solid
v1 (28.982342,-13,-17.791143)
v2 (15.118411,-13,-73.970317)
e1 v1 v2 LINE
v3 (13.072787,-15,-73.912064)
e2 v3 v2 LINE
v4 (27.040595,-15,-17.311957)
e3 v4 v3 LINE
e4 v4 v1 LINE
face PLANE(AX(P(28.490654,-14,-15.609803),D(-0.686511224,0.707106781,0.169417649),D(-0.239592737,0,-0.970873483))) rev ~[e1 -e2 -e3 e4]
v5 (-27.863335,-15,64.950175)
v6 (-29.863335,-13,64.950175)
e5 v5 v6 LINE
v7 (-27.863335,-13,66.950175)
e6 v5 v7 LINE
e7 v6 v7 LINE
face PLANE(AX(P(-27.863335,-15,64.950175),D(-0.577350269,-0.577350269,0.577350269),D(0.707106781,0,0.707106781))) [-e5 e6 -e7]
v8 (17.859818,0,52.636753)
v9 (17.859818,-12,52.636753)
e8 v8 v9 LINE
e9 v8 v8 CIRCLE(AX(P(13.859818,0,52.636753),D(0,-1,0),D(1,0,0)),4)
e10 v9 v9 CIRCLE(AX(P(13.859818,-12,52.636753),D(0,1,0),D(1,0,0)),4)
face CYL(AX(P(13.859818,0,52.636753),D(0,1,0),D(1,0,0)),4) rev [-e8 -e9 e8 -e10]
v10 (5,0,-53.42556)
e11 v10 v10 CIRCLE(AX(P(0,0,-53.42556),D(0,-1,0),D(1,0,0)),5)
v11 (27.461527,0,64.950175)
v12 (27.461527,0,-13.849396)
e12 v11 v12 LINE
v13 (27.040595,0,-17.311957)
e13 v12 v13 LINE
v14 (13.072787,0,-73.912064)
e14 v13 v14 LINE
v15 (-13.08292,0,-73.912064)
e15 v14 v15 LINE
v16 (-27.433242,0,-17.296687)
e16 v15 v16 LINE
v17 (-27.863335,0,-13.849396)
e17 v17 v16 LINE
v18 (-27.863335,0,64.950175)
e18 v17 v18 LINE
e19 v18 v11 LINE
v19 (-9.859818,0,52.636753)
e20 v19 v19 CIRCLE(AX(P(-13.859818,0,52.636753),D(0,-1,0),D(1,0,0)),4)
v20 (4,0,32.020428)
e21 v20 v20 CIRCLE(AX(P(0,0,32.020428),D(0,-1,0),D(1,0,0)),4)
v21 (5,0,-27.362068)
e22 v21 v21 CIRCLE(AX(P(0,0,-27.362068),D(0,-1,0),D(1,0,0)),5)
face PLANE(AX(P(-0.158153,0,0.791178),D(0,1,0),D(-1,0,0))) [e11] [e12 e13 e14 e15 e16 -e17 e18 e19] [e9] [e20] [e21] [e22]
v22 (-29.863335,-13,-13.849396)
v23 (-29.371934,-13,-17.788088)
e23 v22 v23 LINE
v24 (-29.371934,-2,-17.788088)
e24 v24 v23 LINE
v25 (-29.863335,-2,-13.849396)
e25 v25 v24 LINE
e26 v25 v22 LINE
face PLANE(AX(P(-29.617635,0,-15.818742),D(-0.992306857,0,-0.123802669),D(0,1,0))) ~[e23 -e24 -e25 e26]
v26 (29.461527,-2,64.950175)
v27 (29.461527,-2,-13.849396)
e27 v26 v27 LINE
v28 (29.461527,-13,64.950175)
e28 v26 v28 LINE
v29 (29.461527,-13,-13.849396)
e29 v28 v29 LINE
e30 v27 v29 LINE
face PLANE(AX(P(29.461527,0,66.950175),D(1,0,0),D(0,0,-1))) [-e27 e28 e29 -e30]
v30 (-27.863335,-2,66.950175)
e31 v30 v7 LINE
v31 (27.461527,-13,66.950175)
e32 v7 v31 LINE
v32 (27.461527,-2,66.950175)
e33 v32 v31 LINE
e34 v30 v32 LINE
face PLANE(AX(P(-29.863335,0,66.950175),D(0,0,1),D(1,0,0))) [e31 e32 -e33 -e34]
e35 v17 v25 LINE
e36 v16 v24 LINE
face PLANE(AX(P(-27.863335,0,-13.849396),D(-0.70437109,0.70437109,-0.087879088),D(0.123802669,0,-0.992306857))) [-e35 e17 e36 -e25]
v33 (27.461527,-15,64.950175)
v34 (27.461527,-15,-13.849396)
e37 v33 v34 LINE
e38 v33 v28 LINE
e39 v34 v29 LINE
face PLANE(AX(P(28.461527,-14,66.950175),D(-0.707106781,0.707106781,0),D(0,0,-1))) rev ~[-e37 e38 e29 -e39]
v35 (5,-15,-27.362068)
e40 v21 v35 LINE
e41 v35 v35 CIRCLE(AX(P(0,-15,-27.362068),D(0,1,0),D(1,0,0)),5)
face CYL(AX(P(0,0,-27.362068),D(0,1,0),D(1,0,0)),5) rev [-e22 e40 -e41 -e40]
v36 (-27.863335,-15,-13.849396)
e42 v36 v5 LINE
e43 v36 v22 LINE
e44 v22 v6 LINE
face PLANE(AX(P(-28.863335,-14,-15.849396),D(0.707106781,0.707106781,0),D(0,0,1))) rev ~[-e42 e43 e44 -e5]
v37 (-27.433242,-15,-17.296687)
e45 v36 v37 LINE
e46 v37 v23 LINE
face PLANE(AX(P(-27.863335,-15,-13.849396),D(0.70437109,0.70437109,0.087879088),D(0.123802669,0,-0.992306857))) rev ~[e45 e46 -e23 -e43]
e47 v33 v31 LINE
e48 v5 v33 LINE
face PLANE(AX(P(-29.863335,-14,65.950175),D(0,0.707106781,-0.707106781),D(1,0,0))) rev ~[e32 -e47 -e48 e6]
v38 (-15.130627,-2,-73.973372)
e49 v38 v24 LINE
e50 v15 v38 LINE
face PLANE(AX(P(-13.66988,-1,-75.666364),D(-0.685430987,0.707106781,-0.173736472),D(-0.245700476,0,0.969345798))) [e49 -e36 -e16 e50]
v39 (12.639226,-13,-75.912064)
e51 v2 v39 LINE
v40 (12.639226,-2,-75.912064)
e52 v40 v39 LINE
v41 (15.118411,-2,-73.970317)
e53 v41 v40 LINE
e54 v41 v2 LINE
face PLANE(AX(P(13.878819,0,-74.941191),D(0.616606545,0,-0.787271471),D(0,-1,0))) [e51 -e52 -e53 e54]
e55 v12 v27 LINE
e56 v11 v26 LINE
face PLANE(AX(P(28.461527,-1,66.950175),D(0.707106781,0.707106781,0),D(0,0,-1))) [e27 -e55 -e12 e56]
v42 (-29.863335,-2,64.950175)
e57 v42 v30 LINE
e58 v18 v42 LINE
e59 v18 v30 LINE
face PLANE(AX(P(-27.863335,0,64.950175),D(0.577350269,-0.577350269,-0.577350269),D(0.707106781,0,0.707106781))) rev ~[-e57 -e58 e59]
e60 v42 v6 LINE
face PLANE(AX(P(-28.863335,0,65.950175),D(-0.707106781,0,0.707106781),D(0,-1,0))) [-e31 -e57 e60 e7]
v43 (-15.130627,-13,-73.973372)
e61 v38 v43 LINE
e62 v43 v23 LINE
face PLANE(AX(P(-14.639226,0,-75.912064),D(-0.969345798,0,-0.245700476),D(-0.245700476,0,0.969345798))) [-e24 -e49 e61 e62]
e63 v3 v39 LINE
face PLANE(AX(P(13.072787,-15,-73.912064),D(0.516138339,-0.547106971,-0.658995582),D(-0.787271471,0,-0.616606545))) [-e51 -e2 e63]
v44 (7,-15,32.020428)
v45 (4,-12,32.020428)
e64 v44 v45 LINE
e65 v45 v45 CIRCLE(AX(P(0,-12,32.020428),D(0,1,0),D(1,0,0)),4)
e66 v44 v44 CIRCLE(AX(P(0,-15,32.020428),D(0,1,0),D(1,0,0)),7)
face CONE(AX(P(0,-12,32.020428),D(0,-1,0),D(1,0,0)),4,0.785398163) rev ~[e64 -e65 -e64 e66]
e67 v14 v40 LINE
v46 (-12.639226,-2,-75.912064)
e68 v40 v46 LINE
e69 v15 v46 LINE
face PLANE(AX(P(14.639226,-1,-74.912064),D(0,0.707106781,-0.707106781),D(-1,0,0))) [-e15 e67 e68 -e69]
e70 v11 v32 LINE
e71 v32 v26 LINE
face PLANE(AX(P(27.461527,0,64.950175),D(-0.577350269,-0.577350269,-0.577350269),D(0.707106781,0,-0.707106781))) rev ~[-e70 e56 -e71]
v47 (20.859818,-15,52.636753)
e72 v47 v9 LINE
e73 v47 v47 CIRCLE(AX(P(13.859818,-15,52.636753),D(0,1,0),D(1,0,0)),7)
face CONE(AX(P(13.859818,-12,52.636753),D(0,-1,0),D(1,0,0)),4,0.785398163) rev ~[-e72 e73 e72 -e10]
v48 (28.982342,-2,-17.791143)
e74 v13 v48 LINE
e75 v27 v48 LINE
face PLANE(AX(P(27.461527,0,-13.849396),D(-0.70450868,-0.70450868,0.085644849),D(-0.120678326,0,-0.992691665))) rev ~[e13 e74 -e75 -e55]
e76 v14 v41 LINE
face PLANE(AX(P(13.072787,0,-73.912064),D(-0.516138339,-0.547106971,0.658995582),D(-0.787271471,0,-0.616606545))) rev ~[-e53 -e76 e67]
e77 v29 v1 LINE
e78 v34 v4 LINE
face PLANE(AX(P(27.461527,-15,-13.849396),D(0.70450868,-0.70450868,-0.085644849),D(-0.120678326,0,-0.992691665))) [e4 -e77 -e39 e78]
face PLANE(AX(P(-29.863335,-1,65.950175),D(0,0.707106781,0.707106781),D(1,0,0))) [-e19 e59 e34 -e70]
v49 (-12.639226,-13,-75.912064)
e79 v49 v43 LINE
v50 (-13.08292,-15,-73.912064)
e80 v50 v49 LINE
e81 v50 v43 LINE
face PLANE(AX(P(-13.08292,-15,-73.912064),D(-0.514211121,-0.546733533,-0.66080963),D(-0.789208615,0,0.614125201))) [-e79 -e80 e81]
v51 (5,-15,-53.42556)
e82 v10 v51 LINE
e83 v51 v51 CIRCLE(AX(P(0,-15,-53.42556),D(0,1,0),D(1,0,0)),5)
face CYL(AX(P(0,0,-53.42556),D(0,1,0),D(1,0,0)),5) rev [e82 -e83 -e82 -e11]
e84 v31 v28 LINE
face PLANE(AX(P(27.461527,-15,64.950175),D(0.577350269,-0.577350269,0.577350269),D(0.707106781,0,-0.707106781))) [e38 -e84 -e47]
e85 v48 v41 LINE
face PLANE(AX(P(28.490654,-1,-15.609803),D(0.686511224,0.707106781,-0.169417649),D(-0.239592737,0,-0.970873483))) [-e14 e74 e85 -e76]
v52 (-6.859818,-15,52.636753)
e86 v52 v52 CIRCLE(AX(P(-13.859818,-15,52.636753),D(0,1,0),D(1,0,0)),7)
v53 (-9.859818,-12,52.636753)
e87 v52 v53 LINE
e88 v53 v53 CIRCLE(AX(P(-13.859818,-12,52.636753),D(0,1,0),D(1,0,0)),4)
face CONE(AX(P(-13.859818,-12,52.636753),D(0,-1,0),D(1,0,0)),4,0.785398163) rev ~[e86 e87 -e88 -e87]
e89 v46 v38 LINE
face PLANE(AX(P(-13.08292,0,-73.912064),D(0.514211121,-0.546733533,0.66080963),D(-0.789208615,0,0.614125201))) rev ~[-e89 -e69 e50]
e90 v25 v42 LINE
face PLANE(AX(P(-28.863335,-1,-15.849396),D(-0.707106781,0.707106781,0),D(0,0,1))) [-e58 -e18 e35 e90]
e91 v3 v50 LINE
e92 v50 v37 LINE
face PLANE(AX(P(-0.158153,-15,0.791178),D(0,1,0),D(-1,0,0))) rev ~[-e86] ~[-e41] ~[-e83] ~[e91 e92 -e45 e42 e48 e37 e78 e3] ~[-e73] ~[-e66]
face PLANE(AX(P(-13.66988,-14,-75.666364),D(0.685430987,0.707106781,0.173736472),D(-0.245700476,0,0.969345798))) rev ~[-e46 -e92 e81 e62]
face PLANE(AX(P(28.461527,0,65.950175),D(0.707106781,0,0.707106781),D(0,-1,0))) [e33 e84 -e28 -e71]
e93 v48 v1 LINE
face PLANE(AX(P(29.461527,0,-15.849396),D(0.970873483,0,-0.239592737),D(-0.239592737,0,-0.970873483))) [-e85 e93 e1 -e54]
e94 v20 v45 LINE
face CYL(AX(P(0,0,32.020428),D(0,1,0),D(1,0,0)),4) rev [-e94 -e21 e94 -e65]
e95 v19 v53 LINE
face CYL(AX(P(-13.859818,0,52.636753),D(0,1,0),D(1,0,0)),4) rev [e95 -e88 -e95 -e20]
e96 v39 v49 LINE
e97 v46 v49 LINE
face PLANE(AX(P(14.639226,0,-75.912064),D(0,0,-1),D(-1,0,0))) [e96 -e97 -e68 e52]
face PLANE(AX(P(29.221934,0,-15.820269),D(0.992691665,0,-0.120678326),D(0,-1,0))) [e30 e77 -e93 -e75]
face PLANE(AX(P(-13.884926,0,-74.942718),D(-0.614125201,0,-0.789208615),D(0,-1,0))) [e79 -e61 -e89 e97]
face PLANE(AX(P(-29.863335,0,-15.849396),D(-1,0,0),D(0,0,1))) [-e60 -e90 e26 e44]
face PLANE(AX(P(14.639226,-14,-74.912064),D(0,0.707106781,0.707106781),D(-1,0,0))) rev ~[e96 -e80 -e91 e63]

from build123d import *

# Parameters (mm, degrees)
PAD_DEPTH       = 15
CHAMFER_SIZE    = 2
SKETCH001_R     = 4
SKETCH001_R_2   = 5
POCKET_DEPTH    = 15.001
CHAMFER001_SIZE = 3


with BuildPart() as part:
    # Sketch → Pad (new body)
    with BuildSketch(Plane.XZ):
        Polygon((-29.863335, -15.849396), (-29.863335, 66.950175), (29.461527, 66.950175), (29.461527, -15.849396), (14.639226, -75.912064), (-14.639226, -75.912064), align=None)
    extrude(amount=PAD_DEPTH)

    # Chamfer
    chamfer_edges = [part.edges().sort_by_distance(p)[0] for p in [
        (-29.863335, -7.5, -15.849396),
        (-29.863335, -7.5, 66.950175),
        (-29.863335, 0, 25.55039),
        (-29.863335, -15, 25.55039),
        (29.461527, -7.5, 66.950175),
        (-0.200904, 0, 66.950175),
        (-0.200904, -15, 66.950175),
        (29.461527, -7.5, -15.849396),
        (29.461527, 0, 25.55039),
        (29.461527, -15, 25.55039),
        (14.639226, -7.5, -75.912064),
        (22.050376, 0, -45.88073),
        (22.050376, -15, -45.88073),
        (-14.639226, -7.5, -75.912064),
        (0, 0, -75.912064),
        (0, -15, -75.912064),
        (-22.251281, 0, -45.88073),
        (-22.251281, -15, -45.88073),
    ]]
    chamfer(chamfer_edges, length=CHAMFER_SIZE)

    # Sketch001 → Pocket (cut, through all)
    with BuildSketch(Plane.XZ):
        with Locations((-13.859818, 52.636753)):
            Circle(SKETCH001_R)
        with Locations((13.859818, 52.636753)):
            Circle(SKETCH001_R)
        with Locations((0, 32.020428)):
            Circle(SKETCH001_R)
        with Locations((0, -27.362068)):
            Circle(SKETCH001_R_2)
        with Locations((0, -53.42556)):
            Circle(SKETCH001_R_2)
    extrude(amount=POCKET_DEPTH, mode=Mode.SUBTRACT)

    # Chamfer001
    chamfer001_edges = [part.edges().sort_by_distance(p)[0] for p in [
        (-17.859818, -15, 52.636753),
        (9.859818, -15, 52.636753),
        (-4, -15, 32.020428),
    ]]
    chamfer(chamfer001_edges, length=CHAMFER001_SIZE)


solid = part.part
